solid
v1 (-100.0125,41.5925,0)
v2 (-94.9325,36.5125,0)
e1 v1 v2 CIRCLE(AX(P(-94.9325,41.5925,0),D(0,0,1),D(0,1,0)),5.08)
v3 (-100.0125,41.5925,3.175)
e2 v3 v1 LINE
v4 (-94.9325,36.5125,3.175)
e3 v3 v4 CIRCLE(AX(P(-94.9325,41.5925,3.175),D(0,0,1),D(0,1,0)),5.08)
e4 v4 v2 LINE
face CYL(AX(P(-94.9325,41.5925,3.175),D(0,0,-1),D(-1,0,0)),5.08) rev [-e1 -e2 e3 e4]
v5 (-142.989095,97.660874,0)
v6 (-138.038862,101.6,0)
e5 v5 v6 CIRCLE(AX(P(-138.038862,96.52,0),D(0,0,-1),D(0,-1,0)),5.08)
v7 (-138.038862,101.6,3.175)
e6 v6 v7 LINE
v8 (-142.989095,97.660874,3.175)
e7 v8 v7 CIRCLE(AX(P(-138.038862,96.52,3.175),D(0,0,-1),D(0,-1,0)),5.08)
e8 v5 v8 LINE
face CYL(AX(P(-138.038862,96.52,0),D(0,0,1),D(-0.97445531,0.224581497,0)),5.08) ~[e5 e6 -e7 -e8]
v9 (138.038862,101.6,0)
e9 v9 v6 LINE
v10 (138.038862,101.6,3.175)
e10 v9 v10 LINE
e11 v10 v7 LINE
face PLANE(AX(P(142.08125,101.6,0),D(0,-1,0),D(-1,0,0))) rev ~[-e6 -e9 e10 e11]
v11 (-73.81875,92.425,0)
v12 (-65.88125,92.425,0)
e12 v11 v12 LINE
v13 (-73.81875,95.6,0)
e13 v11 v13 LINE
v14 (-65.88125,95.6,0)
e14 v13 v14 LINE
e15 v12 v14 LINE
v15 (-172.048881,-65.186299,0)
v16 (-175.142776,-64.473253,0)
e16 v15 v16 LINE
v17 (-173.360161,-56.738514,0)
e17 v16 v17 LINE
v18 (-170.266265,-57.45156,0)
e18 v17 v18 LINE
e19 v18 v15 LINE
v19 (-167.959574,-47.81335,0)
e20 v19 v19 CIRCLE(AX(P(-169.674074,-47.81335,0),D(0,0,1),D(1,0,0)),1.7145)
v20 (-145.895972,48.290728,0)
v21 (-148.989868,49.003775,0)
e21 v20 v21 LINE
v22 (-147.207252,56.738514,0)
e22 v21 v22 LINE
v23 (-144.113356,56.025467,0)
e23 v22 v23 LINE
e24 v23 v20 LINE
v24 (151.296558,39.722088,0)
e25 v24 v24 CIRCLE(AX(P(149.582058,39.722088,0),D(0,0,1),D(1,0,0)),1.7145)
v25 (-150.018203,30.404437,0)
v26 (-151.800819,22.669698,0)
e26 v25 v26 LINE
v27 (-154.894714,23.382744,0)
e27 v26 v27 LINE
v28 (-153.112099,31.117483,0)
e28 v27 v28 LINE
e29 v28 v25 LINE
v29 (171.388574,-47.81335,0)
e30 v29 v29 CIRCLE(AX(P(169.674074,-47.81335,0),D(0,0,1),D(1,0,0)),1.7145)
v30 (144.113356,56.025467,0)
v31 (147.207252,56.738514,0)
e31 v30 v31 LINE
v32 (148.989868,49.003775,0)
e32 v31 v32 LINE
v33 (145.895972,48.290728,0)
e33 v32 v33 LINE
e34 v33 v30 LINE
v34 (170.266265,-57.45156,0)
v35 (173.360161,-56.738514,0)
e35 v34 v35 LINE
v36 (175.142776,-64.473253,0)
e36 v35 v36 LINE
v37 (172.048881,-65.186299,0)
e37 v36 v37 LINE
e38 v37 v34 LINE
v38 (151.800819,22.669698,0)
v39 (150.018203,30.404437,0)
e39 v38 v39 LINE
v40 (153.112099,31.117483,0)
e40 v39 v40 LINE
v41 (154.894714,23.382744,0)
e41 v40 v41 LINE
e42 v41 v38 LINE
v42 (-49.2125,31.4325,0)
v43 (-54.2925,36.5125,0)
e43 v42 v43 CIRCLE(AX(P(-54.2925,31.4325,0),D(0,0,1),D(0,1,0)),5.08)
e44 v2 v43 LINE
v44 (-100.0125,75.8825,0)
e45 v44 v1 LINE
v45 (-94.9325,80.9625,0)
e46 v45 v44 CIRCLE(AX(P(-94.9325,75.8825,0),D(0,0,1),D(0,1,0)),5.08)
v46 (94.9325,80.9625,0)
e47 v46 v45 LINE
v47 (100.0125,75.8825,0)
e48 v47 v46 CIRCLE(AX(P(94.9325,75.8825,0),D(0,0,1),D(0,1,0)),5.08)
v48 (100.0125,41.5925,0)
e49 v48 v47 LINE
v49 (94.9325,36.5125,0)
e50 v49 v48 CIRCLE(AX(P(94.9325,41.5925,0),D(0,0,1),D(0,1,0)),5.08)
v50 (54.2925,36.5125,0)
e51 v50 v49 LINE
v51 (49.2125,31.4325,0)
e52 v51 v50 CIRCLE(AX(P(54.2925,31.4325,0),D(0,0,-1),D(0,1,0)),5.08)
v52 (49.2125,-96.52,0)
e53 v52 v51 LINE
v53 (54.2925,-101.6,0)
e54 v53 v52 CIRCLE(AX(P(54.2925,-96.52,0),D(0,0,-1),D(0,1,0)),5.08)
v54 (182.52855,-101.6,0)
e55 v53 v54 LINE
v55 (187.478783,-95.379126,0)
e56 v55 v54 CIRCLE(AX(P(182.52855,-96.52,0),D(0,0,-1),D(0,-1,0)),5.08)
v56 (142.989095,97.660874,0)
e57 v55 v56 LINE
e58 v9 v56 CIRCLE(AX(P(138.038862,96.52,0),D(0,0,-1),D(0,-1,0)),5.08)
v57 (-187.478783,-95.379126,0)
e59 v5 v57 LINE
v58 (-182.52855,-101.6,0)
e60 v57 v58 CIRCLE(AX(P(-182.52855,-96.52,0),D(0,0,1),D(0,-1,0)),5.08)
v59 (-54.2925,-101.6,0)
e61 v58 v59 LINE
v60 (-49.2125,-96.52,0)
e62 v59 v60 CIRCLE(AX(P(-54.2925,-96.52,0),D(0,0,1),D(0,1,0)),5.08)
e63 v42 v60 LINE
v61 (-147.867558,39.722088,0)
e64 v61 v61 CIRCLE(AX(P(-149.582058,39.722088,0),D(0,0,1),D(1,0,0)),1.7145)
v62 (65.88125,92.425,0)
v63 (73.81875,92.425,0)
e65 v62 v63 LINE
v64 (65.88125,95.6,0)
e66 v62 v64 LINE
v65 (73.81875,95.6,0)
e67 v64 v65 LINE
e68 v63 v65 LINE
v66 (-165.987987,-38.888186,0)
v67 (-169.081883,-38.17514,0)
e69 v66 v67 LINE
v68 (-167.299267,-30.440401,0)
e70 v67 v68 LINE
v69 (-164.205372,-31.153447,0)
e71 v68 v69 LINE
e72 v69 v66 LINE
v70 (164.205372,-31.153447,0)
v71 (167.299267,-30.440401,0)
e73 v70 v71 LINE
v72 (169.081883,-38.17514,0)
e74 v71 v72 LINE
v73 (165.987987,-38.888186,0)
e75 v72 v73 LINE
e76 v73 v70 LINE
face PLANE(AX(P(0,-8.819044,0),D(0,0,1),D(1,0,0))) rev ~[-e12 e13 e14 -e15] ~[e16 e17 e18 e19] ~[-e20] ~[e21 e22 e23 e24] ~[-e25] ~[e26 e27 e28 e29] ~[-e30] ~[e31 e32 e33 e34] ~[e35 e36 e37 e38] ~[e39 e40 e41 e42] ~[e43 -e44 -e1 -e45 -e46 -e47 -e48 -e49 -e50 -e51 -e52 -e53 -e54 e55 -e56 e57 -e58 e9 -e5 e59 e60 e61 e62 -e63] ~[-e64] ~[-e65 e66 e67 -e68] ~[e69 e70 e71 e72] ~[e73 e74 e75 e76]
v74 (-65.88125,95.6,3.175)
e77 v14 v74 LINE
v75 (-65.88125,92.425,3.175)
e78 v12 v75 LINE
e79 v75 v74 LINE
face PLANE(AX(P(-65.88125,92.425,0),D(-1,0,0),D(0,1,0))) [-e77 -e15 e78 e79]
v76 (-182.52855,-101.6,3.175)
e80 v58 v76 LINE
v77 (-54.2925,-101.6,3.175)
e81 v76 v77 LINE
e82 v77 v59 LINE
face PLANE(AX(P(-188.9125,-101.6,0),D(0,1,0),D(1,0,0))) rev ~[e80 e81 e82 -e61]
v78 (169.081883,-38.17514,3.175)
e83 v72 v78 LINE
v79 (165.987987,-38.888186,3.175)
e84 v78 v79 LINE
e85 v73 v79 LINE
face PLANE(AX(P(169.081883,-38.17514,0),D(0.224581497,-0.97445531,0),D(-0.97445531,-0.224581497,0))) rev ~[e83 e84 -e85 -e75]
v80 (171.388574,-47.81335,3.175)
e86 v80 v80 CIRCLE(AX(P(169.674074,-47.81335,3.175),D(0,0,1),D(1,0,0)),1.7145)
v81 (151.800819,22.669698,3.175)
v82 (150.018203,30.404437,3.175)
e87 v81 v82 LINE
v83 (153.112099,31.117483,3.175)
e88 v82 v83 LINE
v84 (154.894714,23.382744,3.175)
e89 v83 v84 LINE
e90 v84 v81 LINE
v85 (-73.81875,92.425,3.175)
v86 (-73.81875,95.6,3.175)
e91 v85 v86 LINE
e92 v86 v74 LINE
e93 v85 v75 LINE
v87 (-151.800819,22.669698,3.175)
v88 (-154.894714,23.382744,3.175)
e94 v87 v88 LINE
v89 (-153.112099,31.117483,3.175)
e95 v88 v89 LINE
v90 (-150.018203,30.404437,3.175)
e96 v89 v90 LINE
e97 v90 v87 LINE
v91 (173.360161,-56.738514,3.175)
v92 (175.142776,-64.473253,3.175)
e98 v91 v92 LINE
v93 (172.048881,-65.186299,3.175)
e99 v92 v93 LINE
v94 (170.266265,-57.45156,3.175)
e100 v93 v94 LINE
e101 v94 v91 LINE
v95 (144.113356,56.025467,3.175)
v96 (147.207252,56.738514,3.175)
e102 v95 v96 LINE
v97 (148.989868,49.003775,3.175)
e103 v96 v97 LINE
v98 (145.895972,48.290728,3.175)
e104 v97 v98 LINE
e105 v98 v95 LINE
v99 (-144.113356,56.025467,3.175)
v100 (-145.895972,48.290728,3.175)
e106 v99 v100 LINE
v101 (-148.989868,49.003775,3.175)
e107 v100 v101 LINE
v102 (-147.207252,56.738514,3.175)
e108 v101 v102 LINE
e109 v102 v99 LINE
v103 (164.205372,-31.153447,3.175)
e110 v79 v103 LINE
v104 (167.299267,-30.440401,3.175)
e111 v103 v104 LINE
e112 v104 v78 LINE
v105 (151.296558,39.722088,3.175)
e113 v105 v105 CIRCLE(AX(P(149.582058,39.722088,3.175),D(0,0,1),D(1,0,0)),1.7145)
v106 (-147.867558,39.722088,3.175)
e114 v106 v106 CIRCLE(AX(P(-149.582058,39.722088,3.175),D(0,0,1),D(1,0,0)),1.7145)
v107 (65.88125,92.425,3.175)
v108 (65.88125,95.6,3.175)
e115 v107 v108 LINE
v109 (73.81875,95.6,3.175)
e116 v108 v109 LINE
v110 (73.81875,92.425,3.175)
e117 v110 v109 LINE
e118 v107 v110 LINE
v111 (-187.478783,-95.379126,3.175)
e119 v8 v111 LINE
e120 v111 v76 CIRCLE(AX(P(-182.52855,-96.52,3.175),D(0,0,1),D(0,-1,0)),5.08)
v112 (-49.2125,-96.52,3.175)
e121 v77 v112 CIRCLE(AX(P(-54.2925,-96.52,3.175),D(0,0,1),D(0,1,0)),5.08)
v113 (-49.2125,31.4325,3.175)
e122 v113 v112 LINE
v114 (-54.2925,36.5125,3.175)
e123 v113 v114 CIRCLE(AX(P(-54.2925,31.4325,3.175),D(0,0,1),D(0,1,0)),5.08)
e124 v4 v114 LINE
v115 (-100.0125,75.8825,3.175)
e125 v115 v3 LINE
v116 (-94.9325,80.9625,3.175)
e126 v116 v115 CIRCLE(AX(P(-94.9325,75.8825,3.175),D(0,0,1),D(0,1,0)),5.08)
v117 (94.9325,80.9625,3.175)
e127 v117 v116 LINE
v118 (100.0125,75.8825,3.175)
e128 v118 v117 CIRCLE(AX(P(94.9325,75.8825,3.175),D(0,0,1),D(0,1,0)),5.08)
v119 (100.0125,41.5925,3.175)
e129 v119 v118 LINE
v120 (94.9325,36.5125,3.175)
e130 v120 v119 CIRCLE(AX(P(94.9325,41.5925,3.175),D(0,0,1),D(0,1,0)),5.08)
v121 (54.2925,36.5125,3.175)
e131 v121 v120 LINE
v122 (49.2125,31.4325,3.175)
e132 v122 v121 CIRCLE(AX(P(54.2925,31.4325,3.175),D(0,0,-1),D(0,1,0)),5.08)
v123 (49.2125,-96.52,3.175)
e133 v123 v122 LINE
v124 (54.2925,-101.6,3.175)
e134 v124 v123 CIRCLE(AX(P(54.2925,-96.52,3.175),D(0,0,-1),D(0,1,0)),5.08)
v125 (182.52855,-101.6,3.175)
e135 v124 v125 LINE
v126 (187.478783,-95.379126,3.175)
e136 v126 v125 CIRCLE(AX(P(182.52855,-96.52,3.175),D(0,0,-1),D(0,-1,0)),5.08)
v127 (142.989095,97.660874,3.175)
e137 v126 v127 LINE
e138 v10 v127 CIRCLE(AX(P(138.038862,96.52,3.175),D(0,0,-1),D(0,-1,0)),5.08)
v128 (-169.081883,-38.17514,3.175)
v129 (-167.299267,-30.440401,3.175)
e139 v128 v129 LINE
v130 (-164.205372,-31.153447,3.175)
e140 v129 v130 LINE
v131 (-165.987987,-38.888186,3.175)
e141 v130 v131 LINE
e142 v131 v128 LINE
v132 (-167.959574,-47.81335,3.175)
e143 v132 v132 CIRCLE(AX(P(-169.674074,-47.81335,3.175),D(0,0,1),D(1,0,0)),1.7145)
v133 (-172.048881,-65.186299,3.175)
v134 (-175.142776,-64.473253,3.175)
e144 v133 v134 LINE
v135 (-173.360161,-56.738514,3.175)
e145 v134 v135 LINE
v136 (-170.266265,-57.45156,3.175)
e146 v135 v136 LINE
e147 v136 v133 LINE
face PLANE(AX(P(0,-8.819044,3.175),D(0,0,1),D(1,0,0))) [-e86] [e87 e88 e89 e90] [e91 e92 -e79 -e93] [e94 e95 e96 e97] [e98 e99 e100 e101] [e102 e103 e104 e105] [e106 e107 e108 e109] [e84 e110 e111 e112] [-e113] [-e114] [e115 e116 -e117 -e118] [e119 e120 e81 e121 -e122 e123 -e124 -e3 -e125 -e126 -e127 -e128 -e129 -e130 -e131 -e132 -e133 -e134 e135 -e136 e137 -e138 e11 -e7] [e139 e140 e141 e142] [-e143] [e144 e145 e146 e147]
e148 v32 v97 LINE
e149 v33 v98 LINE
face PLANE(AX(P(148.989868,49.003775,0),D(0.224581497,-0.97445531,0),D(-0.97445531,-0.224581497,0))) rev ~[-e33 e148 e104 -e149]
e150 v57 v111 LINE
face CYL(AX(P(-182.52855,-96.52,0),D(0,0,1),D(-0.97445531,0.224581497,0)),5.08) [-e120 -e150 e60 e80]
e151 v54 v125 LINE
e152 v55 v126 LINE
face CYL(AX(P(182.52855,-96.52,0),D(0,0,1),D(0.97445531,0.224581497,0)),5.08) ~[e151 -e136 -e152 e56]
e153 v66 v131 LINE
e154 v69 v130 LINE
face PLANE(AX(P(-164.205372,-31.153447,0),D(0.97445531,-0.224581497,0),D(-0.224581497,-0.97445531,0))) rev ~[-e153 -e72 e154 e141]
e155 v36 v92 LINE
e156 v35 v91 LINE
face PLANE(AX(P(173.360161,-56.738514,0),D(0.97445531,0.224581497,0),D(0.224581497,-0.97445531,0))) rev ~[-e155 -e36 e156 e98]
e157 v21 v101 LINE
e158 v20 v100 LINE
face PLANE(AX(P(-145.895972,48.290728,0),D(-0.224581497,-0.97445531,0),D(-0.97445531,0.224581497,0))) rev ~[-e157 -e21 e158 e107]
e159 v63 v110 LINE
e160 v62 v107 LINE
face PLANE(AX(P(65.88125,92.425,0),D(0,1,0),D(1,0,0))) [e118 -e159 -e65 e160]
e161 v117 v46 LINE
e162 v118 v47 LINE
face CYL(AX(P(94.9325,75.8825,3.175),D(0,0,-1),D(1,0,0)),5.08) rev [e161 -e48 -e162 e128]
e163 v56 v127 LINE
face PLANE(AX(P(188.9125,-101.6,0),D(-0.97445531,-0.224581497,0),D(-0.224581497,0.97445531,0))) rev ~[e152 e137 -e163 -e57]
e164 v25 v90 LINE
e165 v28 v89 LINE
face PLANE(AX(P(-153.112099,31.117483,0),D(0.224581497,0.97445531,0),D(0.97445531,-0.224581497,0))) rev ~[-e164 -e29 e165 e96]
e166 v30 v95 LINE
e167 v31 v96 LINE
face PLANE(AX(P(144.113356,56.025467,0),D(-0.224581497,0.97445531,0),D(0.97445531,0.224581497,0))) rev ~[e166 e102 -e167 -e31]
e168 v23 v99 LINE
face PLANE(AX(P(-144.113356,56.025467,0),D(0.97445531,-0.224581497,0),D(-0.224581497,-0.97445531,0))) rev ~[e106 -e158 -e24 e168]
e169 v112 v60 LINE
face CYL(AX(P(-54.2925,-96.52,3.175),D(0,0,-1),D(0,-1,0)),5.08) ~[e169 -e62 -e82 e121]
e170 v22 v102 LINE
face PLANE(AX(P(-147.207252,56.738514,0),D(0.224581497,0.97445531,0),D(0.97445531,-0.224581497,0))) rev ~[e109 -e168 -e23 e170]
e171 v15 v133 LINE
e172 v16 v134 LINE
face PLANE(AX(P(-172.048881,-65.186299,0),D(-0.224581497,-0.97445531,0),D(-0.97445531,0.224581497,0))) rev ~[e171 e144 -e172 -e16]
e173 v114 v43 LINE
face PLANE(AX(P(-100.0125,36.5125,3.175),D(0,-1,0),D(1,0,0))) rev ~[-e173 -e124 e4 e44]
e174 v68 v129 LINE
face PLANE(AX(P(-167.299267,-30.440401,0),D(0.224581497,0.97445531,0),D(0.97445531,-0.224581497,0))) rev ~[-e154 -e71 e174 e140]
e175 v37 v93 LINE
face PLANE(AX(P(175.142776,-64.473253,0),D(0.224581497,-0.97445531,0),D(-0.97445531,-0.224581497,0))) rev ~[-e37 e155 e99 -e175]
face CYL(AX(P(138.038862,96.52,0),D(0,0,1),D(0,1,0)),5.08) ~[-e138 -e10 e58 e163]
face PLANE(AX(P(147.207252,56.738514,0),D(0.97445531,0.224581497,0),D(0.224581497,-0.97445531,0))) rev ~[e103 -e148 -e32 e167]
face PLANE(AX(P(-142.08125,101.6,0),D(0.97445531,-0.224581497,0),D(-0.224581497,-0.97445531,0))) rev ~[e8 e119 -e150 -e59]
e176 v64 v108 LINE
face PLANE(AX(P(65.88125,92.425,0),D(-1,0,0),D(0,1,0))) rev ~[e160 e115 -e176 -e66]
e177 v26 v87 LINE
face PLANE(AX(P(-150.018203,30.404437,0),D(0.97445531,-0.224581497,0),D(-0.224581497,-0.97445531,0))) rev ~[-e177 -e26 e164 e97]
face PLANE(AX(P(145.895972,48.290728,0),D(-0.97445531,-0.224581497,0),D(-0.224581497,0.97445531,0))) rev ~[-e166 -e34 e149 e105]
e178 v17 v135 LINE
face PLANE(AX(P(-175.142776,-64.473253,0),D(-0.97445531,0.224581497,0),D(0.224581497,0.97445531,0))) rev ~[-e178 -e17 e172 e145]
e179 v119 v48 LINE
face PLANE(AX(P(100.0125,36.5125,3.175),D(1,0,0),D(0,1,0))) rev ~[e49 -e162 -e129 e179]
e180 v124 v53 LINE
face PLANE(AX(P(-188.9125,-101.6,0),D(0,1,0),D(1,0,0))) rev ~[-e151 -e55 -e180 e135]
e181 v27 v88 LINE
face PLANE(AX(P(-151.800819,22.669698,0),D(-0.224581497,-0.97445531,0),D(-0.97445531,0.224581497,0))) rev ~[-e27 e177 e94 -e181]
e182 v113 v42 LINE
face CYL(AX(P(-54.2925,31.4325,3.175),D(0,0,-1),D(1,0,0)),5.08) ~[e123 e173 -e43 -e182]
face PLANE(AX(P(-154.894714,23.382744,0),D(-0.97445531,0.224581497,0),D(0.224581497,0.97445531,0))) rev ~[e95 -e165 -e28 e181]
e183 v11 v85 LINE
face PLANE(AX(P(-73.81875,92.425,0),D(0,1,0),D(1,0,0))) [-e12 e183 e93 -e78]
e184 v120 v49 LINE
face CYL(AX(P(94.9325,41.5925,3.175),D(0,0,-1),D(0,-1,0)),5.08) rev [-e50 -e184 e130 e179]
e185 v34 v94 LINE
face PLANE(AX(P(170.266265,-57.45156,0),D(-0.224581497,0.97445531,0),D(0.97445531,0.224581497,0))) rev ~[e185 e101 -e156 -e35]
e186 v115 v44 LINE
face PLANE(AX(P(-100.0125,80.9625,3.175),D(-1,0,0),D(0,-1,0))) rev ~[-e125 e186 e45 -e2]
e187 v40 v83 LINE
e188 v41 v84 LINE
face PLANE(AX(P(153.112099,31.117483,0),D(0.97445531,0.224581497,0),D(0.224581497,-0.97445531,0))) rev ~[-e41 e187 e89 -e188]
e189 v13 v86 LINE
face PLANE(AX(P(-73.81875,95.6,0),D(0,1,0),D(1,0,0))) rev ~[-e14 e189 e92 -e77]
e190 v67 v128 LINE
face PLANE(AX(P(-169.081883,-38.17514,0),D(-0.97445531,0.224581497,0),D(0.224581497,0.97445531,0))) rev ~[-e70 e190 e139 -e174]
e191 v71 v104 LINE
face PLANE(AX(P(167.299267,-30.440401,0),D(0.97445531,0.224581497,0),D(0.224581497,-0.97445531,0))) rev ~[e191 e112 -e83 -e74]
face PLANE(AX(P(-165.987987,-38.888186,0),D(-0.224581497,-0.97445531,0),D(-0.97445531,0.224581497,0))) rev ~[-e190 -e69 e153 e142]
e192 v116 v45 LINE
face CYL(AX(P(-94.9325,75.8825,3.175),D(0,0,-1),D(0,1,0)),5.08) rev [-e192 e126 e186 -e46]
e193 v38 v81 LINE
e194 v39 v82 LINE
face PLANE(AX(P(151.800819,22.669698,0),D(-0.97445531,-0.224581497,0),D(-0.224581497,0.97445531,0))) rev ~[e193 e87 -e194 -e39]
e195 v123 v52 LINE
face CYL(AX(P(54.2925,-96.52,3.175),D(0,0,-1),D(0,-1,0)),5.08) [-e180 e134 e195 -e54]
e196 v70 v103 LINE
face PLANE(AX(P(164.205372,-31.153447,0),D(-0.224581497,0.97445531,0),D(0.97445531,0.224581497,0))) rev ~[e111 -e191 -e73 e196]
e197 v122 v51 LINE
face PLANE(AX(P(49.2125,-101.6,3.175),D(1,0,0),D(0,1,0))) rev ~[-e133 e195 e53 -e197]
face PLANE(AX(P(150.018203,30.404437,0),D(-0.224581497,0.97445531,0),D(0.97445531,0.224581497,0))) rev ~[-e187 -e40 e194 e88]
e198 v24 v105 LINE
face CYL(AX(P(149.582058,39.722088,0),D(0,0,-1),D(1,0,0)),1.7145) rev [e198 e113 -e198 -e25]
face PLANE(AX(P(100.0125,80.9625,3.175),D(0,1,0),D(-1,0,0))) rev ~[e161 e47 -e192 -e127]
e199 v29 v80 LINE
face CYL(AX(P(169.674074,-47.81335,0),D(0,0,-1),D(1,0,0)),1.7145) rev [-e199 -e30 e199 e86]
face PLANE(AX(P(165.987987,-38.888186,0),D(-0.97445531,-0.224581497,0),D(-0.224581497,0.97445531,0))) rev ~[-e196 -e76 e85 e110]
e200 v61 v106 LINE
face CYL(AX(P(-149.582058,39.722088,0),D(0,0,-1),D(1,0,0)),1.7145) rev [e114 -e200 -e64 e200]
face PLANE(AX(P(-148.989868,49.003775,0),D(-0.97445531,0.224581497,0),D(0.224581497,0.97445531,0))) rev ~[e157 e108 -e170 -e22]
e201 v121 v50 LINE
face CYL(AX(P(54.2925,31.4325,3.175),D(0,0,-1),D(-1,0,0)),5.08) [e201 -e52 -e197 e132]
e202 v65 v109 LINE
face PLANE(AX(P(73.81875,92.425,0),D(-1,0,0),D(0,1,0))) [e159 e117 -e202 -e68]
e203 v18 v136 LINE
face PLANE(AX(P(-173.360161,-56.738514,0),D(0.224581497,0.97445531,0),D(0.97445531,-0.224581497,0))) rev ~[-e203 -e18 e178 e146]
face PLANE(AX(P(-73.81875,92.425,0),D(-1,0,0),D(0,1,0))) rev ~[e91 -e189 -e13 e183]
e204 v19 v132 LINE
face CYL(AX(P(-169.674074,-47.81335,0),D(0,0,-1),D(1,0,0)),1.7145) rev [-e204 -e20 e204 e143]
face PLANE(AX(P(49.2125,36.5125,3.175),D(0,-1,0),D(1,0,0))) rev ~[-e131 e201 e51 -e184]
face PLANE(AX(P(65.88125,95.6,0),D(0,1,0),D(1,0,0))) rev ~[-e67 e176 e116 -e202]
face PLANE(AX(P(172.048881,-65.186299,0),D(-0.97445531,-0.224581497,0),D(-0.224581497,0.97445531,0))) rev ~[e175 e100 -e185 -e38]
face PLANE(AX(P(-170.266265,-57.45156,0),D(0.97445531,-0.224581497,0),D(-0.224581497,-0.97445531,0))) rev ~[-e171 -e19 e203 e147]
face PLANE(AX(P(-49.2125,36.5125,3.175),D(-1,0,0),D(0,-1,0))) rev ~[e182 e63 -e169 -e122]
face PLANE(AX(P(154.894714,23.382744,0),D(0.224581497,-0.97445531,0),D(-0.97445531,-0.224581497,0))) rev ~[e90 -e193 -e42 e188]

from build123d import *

# Parameters (mm, degrees)
F0_R     = 1.7145
F0_W     = 7.9375
F0_H     = 3.175
F1_DEPTH = 3.175
F3_DEPTH = 3.176
F4_R     = 5.08


with BuildPart() as f1:
    # F0 (on Top) → F1 (new body)
    with BuildSketch(Plane.XY):
        Polygon((-142.08125, 101.6), (-188.9125, -101.6), (188.9125, -101.6), (142.08125, 101.6), align=None)
        Polygon((-172.0488805663, -65.1862989442), (-175.1427761754, -64.4732526906), (-173.3601605412, -56.7385136678), (-170.2662649321, -57.4515599214), align=None, mode=Mode.SUBTRACT)
        with Locations((-169.6740739757, -47.8133499672)):
            Circle(F0_R, mode=Mode.SUBTRACT)
        Polygon((-169.0818830192, -38.175140013), (-167.2992673851, -30.4404009902), (-164.205371776, -31.1534472439), (-165.9879874101, -38.8881862667), align=None, mode=Mode.SUBTRACT)
        Polygon((172.0488805663, -65.1862989442), (170.2662649321, -57.4515599214), (173.3601605412, -56.7385136678), (175.1427761754, -64.4732526906), align=None, mode=Mode.SUBTRACT)
        with Locations((169.6740739757, -47.8133499672)):
            Circle(F0_R, mode=Mode.SUBTRACT)
        Polygon((167.2992673851, -30.4404009902), (169.0818830192, -38.175140013), (165.9879874101, -38.8881862667), (164.205371776, -31.1534472439), align=None, mode=Mode.SUBTRACT)
        Polygon((-150.0182030992, 30.4044371841), (-151.8008187334, 22.6696981613), (-154.8947143425, 23.3827444149), (-153.1120987083, 31.1174834377), align=None, mode=Mode.SUBTRACT)
        with Locations((-149.5820584881, 39.7220878176)):
            Circle(F0_R, mode=Mode.SUBTRACT)
        Polygon((-145.8959719225, 48.2907283913), (-148.9898675317, 49.003774645), (-147.2072518975, 56.7385136678), (-144.1133562884, 56.0254674141), align=None, mode=Mode.SUBTRACT)
        with Locations((-69.85, 94.0125)):
            Rectangle(F0_W, F0_H, mode=Mode.SUBTRACT)
        Polygon((150.0182030992, 30.4044371841), (153.1120987083, 31.1174834377), (154.8947143425, 23.3827444149), (151.8008187334, 22.6696981613), align=None, mode=Mode.SUBTRACT)
        with Locations((149.5820584881, 39.7220878176)):
            Circle(F0_R, mode=Mode.SUBTRACT)
        with Locations((69.85, 94.0125)):
            Rectangle(F0_W, F0_H, mode=Mode.SUBTRACT)
        Polygon((145.8959719225, 48.2907283913), (144.1133562884, 56.0254674141), (147.2072518975, 56.7385136678), (148.9898675317, 49.003774645), align=None, mode=Mode.SUBTRACT)
    extrude(amount=F1_DEPTH)

    # F2 (on face) → F3 (cut, through all)
    with BuildSketch(Plane.XY.offset(3.175)):
        Polygon((0, 80.9625), (-100.0125, 80.9625), (-100.0125, 36.5125), (-49.2125, 36.5125), (-49.2125, -101.6), (0, -101.6), (49.2125, -101.6), (49.2125, 36.5125), (100.0125, 36.5125), (100.0125, 80.9625), align=None)
    extrude(amount=-F3_DEPTH, mode=Mode.SUBTRACT)

    # F4
    f4_edges = [f1.edges().sort_by_distance(p)[0] for p in [
        (-142.08125, 101.6, 1.5875),
        (-188.9125, -101.6, 1.5875),
        (142.08125, 101.6, 1.5875),
        (188.9125, -101.6, 1.5875),
        (-49.2125, -101.6, 1.5875),
        (49.2125, -101.6, 1.5875),
        (-100.0125, 80.9625, 1.5875),
        (-49.2125, 36.5125, 1.5875),
        (-100.0125, 36.5125, 1.5875),
        (49.2125, 36.5125, 1.5875),
        (100.0125, 80.9625, 1.5875),
        (100.0125, 36.5125, 1.5875),
    ]]
    fillet(f4_edges, radius=F4_R)


solid = f1.part
